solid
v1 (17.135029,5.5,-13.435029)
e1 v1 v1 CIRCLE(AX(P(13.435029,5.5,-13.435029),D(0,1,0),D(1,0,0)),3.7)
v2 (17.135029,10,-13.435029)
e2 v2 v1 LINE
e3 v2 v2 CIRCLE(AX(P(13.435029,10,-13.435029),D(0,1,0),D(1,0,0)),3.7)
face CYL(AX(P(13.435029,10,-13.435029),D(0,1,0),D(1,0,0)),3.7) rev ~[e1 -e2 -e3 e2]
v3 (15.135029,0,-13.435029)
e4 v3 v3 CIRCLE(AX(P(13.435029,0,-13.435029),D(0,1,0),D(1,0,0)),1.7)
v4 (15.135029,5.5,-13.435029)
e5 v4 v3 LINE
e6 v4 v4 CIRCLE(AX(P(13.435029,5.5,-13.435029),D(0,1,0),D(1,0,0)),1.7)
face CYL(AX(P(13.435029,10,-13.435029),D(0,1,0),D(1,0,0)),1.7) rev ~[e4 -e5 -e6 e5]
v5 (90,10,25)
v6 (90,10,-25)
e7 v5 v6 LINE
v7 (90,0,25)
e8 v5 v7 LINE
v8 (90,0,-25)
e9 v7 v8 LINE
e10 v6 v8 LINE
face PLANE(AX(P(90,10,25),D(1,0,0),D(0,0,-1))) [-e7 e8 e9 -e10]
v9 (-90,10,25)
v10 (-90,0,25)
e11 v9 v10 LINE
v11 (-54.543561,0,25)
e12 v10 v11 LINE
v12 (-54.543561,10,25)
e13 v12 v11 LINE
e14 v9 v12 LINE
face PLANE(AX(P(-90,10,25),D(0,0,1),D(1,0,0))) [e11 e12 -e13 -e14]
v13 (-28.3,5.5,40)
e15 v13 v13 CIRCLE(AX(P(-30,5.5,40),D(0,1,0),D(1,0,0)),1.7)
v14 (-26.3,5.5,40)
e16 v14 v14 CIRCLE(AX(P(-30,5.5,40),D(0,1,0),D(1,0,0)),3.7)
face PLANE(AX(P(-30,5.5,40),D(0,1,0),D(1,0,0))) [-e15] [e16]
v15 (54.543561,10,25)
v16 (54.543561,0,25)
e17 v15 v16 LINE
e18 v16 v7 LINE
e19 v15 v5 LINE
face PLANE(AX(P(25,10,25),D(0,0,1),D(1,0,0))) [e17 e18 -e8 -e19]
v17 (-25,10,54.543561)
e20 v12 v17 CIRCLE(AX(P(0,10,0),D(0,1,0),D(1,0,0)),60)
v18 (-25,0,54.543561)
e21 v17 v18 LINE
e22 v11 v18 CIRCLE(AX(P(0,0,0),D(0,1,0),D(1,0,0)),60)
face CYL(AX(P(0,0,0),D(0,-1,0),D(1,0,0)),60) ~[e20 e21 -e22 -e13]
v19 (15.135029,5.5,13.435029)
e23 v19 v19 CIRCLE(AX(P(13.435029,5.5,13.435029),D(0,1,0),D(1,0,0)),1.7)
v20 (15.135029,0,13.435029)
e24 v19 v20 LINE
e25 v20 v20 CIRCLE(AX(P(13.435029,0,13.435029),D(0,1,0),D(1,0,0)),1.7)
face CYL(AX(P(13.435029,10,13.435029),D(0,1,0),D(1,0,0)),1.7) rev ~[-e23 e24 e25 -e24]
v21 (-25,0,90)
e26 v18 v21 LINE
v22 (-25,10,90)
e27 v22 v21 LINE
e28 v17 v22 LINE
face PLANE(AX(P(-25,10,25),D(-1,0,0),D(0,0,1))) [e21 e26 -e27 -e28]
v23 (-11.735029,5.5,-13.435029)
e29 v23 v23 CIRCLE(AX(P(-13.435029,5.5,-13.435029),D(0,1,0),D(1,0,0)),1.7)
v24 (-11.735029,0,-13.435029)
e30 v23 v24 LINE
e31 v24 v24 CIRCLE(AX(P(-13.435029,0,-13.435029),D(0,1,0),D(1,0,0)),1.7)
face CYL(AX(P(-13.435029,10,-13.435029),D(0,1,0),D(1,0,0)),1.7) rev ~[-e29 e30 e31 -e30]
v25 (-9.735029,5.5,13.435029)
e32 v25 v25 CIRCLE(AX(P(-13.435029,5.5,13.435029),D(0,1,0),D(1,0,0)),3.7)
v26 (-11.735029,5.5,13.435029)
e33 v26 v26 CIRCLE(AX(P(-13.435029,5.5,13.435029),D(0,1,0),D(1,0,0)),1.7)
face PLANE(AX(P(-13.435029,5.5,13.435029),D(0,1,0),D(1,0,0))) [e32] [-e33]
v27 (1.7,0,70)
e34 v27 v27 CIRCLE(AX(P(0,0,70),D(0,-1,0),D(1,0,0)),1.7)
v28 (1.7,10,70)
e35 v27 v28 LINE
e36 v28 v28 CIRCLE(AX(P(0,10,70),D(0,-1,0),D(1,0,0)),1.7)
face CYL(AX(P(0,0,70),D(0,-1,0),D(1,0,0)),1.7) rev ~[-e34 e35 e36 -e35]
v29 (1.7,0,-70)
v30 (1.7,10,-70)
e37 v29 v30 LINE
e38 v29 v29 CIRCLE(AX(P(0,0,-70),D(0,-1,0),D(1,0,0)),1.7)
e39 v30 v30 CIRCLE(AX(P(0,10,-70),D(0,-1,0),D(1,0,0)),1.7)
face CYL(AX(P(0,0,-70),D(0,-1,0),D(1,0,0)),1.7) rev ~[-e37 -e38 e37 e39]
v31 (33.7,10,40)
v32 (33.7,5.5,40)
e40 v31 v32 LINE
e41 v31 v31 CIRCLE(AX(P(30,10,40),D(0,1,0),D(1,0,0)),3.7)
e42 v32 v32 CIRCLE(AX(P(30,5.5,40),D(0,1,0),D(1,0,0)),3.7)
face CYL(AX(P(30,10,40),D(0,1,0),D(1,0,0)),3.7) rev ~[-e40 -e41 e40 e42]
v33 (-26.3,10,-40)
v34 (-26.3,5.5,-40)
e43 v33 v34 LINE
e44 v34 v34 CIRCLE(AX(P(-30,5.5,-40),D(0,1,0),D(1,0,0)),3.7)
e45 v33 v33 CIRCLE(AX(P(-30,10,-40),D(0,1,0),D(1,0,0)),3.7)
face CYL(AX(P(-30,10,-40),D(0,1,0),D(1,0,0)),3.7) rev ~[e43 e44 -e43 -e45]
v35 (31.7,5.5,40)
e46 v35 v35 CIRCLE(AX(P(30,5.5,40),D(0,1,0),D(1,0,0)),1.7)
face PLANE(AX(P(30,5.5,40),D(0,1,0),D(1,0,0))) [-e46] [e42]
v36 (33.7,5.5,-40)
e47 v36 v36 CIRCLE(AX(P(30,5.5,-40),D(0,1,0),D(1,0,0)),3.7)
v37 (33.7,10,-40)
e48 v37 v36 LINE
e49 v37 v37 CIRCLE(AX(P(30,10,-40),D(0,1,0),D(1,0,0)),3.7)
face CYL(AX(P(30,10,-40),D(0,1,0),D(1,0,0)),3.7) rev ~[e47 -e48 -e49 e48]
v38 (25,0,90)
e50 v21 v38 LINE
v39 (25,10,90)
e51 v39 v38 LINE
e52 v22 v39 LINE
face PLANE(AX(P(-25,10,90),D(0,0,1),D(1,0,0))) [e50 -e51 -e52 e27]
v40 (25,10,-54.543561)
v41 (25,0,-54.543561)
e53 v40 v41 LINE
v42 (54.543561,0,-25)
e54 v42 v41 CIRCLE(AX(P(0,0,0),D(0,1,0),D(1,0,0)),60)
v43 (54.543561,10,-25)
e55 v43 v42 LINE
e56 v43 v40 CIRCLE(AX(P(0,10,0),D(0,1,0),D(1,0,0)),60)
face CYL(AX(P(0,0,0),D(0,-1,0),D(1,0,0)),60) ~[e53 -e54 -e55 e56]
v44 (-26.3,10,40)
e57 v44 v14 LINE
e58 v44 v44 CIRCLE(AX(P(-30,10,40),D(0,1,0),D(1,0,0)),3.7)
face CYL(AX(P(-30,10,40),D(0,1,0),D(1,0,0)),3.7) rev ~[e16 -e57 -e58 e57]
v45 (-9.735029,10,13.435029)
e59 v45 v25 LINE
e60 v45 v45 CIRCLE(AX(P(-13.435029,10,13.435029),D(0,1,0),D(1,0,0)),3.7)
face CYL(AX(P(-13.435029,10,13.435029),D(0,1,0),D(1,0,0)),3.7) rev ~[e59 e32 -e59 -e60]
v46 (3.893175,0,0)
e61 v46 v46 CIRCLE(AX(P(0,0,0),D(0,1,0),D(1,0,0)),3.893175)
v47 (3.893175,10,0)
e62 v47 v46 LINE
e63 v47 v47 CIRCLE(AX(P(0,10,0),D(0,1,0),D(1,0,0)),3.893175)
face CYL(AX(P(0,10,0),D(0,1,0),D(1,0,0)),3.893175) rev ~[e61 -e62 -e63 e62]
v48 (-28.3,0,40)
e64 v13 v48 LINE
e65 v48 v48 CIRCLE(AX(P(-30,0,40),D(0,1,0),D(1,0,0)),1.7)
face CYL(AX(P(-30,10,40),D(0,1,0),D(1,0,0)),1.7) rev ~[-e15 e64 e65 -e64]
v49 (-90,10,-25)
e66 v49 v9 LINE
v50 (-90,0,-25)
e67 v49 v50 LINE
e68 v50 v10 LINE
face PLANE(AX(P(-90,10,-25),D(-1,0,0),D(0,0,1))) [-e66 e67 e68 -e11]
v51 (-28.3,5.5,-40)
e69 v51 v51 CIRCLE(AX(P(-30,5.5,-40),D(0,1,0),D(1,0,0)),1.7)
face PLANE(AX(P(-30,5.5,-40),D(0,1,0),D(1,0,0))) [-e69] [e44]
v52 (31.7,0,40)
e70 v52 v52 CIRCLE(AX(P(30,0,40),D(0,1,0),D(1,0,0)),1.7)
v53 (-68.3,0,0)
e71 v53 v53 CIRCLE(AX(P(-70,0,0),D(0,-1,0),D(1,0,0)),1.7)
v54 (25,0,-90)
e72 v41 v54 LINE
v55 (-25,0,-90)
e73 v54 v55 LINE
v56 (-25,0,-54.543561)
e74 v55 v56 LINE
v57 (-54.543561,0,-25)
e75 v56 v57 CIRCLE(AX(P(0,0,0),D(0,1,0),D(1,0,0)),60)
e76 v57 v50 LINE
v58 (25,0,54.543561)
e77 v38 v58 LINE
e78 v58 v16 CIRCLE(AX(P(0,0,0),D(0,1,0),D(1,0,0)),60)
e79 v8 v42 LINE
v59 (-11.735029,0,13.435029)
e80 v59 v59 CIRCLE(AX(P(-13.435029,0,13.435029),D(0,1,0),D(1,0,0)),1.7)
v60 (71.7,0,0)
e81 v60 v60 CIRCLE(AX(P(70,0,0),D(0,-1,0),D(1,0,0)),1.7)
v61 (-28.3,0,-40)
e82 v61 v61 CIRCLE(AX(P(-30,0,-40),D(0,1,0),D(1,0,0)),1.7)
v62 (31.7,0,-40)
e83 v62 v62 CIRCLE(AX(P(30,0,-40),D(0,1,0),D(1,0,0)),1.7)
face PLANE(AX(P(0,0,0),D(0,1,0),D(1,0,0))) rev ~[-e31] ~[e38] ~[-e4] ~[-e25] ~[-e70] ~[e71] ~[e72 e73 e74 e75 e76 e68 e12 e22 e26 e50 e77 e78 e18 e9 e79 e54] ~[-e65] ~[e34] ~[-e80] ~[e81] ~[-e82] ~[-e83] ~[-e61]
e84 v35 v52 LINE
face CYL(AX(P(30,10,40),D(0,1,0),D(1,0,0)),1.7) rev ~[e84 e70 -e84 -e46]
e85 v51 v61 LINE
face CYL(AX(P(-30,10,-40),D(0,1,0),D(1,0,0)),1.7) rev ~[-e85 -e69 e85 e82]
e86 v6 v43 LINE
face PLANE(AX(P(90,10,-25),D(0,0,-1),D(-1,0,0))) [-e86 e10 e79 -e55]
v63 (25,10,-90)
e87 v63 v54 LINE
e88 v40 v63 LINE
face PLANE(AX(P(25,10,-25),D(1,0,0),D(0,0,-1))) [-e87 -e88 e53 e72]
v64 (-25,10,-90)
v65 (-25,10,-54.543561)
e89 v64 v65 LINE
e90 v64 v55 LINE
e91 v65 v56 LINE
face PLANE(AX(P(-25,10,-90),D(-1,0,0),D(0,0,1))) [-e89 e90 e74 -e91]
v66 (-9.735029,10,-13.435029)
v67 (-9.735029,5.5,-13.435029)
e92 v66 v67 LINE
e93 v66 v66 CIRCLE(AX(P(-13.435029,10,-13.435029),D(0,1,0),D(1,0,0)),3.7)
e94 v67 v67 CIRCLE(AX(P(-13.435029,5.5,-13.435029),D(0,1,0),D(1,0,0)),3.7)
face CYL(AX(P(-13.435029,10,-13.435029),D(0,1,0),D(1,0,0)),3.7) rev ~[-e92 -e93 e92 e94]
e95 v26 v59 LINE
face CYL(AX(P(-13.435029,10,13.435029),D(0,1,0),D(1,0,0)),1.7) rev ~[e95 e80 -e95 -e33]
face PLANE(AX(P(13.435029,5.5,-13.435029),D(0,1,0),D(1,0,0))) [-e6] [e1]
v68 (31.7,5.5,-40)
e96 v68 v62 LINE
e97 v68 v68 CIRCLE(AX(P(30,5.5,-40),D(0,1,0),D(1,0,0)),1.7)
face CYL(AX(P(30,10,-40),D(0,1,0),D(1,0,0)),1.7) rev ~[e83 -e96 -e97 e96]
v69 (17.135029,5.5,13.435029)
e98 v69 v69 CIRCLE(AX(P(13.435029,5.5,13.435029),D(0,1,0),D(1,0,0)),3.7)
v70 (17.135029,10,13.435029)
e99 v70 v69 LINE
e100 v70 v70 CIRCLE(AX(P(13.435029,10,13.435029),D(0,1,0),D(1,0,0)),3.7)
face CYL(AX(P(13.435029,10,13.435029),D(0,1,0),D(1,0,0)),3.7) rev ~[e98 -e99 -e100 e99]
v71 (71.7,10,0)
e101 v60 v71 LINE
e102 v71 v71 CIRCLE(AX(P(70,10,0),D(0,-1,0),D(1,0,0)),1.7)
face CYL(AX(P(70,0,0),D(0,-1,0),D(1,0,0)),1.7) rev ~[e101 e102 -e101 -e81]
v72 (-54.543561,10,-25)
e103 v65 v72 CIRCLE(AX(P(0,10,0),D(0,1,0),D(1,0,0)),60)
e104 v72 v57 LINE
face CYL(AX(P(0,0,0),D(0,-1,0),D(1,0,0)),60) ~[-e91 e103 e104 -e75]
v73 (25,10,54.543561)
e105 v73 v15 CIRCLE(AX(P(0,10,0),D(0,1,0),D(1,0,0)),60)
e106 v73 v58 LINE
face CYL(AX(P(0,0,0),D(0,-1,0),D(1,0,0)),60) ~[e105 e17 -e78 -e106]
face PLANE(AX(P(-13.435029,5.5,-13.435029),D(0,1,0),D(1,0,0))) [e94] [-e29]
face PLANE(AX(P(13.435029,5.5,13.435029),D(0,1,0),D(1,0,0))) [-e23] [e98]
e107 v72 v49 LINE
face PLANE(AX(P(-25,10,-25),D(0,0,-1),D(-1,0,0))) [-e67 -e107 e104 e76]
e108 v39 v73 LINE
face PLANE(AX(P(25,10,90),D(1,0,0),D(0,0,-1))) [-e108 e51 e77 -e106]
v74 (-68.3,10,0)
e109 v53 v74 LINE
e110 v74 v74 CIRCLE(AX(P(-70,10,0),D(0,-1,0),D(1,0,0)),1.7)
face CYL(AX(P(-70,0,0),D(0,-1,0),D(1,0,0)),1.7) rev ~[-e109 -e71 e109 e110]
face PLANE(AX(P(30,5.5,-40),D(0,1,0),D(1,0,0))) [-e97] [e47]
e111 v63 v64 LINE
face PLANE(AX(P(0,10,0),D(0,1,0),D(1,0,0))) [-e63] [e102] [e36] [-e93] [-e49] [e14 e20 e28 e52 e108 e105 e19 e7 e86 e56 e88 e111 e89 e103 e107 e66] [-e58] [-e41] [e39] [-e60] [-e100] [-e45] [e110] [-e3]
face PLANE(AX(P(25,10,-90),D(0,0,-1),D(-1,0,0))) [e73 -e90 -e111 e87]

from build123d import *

# Parameters (mm, degrees)
SKETCH_1_R          = 60
EXTRUDE_1_DEPTH     = 10
SKETCH_2_R          = 1.7
SKETCH_2_R_2        = 3.925573477
CUT_EXTRUDE_1_DEPTH = 10
SKETCH_3_R          = 1.7
CUT_EXTRUDE_2_DEPTH = 10
SKETCH_4_R          = 3.7
CUT_EXTRUDE_3_DEPTH = 4.5
SKETCH_5_R          = 3.893175391
SKETCH_5_R_2        = 3.7
EXTRUDE_2_DEPTH     = 10
SKETCH_6_R          = 1.7
CUT_EXTRUDE_4_DEPTH = 10


with BuildPart() as part:
    # 草图1 → 凸台-拉伸1 (new body)
    with BuildSketch(Plane(origin=(0, 0, 0), x_dir=(1, 0, 0), z_dir=(0, 1, 0))):
        Circle(SKETCH_1_R)
    extrude(amount=EXTRUDE_1_DEPTH)

    # 草图2 → 切除-拉伸1 (cut)
    with BuildSketch(Plane(origin=(0, 10, 0), x_dir=(1, 0, 0), z_dir=(0, 1, 0))):
        with Locations((-13.435028843, 13.435028843)):
            Circle(SKETCH_2_R)
        Circle(SKETCH_2_R_2)
        with Locations((13.435028843, 13.435028843)):
            Circle(SKETCH_2_R)
        with Locations((13.435028843, -13.435028843)):
            Circle(SKETCH_2_R)
        with Locations((-13.435028843, -13.435028843)):
            Circle(SKETCH_2_R)
    extrude(amount=-CUT_EXTRUDE_1_DEPTH, mode=Mode.SUBTRACT)

    # 草图3 → 切除-拉伸2 (cut)
    with BuildSketch(Plane(origin=(0, 10, 0), x_dir=(1, 0, 0), z_dir=(0, 1, 0))):
        with Locations((-30, 40)):
            Circle(SKETCH_3_R)
        with Locations((30, 40)):
            Circle(SKETCH_3_R)
        with Locations((-30, -40)):
            Circle(SKETCH_3_R)
        with Locations((30, -40)):
            Circle(SKETCH_3_R)
    extrude(amount=-CUT_EXTRUDE_2_DEPTH, mode=Mode.SUBTRACT)

    # 草图4 → 切除-拉伸3 (cut)
    with BuildSketch(Plane(origin=(0, 10, 0), x_dir=(1, 0, 0), z_dir=(0, 1, 0))):
        with Locations((-13.435028843, 13.435028843)):
            Circle(SKETCH_4_R)
        with Locations((13.435028843, 13.435028843)):
            Circle(SKETCH_4_R)
        with Locations((13.435028843, -13.435028843)):
            Circle(SKETCH_4_R)
        with Locations((-13.435028843, -13.435028843)):
            Circle(SKETCH_4_R)
        with Locations((-30, 40)):
            Circle(SKETCH_4_R)
        with Locations((30, 40)):
            Circle(SKETCH_4_R)
        with Locations((-30, -40)):
            Circle(SKETCH_4_R)
        with Locations((30, -40)):
            Circle(SKETCH_4_R)
    extrude(amount=-CUT_EXTRUDE_3_DEPTH, mode=Mode.SUBTRACT)

    # 草图5 → 凸台-拉伸2 (add)
    with BuildSketch(Plane(origin=(0, 10, 0), x_dir=(1, 0, 0), z_dir=(0, 1, 0))):
        Polygon((25, 25), (25, 90), (-25, 90), (-25, 25), (-90, 25), (-90, -25), (-25, -25), (-25, -90), (25, -90), (25, -25), (90, -25), (90, 25), align=None)
        Circle(SKETCH_5_R, mode=Mode.SUBTRACT)
        with Locations((13.435028843, 13.435028843)):
            Circle(SKETCH_5_R_2, mode=Mode.SUBTRACT)
        with Locations((-13.435028843, 13.435028843)):
            Circle(SKETCH_5_R_2, mode=Mode.SUBTRACT)
        with Locations((-13.435028843, -13.435028843)):
            Circle(SKETCH_5_R_2, mode=Mode.SUBTRACT)
        with Locations((13.435028843, -13.435028843)):
            Circle(SKETCH_5_R_2, mode=Mode.SUBTRACT)
    extrude(amount=-EXTRUDE_2_DEPTH)

    # 草图6 → 切除-拉伸4 (cut)
    with BuildSketch(Plane.XZ):
        with Locations((0, -70)):
            Circle(SKETCH_6_R)
        with Locations((-70, 0)):
            Circle(SKETCH_6_R)
        with Locations((0, 70)):
            Circle(SKETCH_6_R)
        with Locations((70, 0)):
            Circle(SKETCH_6_R)
    extrude(amount=-CUT_EXTRUDE_4_DEPTH, mode=Mode.SUBTRACT)


solid = part.part
